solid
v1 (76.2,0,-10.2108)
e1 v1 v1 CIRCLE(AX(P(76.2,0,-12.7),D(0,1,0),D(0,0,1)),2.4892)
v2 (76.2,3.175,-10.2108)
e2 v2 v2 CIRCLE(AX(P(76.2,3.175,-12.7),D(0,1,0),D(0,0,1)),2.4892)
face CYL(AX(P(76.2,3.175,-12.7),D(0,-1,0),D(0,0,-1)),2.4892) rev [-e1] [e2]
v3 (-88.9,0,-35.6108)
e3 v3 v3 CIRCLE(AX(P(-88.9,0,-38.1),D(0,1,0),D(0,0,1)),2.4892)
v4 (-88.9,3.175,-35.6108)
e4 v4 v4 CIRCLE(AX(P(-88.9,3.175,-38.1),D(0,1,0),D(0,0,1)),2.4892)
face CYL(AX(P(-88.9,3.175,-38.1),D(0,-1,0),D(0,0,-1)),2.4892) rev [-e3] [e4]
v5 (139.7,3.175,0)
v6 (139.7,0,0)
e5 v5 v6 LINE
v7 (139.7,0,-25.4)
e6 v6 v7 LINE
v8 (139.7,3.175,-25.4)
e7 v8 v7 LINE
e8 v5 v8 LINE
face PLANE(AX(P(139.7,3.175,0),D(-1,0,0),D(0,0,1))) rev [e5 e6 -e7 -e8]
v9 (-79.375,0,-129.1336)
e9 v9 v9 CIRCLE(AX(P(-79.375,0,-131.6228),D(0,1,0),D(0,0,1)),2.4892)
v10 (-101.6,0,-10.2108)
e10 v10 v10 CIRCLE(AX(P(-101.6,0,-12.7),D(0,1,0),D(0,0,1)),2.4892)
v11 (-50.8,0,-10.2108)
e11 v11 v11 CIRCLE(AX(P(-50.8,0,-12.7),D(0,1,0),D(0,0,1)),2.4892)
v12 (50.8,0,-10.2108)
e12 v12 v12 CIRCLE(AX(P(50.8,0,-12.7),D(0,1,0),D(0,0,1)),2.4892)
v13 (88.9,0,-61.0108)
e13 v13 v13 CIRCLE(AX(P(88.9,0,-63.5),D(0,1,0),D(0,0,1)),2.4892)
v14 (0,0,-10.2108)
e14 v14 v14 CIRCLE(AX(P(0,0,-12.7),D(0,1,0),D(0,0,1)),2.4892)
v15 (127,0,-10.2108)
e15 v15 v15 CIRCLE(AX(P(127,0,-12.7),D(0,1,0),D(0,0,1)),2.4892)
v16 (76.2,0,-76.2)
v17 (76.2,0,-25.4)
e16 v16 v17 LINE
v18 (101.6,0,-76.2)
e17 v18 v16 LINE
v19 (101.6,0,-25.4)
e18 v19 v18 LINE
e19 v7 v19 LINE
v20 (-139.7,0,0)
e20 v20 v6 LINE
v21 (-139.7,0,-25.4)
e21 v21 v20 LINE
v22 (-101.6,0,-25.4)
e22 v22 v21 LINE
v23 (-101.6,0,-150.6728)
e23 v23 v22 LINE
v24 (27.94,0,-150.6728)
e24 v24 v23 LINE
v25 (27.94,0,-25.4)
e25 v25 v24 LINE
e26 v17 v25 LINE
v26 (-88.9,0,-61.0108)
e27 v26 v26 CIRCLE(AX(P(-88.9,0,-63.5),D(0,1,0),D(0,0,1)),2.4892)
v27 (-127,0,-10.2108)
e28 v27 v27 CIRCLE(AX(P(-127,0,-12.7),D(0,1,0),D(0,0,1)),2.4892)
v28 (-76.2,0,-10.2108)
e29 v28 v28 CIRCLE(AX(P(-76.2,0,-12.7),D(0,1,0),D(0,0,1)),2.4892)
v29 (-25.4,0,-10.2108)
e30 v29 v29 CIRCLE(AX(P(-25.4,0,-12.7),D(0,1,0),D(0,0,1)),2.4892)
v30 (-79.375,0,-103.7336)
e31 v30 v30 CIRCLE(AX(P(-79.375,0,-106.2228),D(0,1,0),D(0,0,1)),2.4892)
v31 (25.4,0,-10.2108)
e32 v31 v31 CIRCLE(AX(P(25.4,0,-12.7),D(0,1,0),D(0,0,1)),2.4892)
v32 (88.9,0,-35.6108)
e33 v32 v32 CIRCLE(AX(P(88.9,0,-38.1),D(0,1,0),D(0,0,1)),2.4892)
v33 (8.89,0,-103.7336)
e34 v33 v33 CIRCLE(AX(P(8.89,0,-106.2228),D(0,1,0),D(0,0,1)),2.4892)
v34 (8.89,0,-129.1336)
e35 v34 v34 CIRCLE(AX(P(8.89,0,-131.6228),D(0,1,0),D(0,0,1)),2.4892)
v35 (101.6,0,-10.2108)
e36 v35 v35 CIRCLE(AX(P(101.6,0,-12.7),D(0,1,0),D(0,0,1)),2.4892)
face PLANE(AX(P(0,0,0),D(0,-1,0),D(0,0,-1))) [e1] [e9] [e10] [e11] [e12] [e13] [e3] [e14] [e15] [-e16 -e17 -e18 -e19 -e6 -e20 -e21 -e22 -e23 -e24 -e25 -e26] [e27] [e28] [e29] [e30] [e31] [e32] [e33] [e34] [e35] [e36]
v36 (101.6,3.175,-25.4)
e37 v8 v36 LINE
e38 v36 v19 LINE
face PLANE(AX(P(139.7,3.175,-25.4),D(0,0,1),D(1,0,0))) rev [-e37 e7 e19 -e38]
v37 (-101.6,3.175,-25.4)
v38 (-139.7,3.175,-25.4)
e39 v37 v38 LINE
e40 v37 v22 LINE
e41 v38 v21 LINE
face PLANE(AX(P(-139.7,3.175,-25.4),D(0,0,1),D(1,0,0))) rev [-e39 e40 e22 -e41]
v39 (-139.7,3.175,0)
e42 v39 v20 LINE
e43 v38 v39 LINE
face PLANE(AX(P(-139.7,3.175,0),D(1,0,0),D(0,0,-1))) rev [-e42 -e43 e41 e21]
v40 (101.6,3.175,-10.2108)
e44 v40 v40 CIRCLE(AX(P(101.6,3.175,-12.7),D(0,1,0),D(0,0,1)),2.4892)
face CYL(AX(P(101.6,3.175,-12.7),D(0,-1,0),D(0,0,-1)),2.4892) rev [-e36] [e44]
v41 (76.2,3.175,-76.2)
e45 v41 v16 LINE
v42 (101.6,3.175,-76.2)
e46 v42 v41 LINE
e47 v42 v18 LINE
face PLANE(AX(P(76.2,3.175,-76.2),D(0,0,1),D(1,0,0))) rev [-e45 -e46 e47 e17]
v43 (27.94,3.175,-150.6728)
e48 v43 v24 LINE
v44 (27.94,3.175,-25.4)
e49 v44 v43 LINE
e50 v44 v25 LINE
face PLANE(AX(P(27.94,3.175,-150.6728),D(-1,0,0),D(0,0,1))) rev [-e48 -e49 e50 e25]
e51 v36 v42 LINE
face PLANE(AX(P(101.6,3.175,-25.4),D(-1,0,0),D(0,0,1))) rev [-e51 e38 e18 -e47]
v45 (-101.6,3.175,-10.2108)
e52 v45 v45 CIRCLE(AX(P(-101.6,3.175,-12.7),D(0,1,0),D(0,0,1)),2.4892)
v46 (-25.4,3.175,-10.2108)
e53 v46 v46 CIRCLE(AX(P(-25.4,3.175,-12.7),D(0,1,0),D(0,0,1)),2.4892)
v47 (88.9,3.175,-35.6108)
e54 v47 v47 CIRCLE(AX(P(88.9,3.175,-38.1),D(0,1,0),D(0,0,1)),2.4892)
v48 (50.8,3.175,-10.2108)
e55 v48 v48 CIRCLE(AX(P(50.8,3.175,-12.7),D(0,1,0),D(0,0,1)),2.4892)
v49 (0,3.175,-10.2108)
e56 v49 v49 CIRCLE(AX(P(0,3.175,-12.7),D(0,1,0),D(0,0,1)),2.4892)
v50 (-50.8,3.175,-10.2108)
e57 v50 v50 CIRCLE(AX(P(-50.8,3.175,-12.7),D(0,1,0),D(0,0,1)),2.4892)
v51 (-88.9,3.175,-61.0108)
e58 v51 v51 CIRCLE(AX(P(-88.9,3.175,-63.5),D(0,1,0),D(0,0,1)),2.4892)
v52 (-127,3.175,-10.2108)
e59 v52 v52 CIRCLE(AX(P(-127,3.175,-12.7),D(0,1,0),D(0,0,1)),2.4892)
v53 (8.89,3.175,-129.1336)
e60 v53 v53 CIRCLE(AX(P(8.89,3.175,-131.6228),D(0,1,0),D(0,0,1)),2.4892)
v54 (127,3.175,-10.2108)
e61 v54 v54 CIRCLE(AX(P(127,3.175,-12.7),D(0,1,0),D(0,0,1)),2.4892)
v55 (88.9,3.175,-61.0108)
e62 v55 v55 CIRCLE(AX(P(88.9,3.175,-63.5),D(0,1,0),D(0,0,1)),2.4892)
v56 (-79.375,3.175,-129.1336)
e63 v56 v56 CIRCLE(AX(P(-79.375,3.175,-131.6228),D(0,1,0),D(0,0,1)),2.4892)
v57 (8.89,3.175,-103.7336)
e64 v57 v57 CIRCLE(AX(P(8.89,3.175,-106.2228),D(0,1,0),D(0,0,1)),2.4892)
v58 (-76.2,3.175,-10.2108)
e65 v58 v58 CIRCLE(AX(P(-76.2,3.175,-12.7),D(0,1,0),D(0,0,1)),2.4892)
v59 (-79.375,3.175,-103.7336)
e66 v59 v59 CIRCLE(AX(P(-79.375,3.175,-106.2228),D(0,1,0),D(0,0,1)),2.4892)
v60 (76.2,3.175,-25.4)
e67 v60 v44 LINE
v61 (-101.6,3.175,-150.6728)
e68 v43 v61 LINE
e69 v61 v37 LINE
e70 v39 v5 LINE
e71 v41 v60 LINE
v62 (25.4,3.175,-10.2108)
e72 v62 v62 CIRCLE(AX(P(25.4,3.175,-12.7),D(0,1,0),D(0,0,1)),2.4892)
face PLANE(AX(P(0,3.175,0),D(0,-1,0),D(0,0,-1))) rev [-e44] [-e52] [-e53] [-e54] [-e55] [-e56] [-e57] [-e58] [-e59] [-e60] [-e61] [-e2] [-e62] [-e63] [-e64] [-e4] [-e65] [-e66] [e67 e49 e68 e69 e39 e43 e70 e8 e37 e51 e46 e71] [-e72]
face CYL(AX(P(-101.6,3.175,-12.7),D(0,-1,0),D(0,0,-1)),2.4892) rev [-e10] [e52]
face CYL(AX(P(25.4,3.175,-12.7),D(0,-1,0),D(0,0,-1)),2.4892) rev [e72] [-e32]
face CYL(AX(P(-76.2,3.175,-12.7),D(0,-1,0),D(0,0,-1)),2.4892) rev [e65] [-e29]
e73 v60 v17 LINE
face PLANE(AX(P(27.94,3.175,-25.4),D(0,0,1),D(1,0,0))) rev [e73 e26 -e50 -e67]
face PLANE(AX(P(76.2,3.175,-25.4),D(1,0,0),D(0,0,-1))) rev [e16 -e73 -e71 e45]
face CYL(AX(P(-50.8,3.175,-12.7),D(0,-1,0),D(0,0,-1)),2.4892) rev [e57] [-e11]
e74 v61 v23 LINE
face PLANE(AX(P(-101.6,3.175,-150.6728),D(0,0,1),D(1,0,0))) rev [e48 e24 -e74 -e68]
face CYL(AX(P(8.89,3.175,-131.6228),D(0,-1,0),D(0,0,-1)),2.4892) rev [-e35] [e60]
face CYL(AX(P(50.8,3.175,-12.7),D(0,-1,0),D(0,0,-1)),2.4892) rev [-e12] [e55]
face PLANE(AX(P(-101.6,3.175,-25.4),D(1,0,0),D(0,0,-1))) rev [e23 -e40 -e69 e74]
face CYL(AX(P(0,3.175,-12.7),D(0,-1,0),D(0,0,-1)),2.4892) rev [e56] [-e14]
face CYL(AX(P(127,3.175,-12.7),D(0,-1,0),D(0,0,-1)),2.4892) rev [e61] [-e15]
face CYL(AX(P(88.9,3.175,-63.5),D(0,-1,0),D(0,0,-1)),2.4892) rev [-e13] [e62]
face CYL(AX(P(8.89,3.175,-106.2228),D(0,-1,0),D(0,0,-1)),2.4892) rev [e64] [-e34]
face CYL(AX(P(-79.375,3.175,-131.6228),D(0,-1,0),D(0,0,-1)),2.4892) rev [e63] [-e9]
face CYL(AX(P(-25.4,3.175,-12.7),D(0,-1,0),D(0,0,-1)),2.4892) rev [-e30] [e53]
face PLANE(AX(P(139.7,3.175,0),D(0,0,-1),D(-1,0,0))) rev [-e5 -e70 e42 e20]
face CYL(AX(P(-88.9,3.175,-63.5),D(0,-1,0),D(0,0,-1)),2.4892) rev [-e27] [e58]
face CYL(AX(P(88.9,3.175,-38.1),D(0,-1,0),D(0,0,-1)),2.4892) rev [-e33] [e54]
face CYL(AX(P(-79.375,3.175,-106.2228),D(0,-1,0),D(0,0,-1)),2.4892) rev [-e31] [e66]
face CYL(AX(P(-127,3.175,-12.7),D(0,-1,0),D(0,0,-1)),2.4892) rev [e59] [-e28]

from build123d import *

# Parameters (mm, degrees)
SKETCH1_R           = 2.4892
BOSS_EXTRUDE1_DEPTH = 3.175


with BuildPart() as part:
    # Sketch1 → Boss-Extrude1 (new body)
    with BuildSketch(Plane(origin=(0, 0, 0), x_dir=(1, 0, 0), z_dir=(0, 1, 0))):
        Polygon((139.7, 0), (-139.7, 0), (-139.7, 25.4), (-101.6, 25.4), (-101.6, 150.6728), (27.94, 150.6728), (27.94, 25.4), (76.2, 25.4), (76.2, 76.2), (101.6, 76.2), (101.6, 25.4), (139.7, 25.4), align=None)
        with Locations((-127, 12.7)):
            Circle(SKETCH1_R, mode=Mode.SUBTRACT)
        with Locations((-88.9, 38.1)):
            Circle(SKETCH1_R, mode=Mode.SUBTRACT)
        with Locations((-88.9, 63.5)):
            Circle(SKETCH1_R, mode=Mode.SUBTRACT)
        with Locations((-79.375, 131.6228)):
            Circle(SKETCH1_R, mode=Mode.SUBTRACT)
        with Locations((-79.375, 106.2228)):
            Circle(SKETCH1_R, mode=Mode.SUBTRACT)
        with Locations((8.89, 106.2228)):
            Circle(SKETCH1_R, mode=Mode.SUBTRACT)
        with Locations((8.89, 131.6228)):
            Circle(SKETCH1_R, mode=Mode.SUBTRACT)
        with Locations((88.9, 63.5)):
            Circle(SKETCH1_R, mode=Mode.SUBTRACT)
        with Locations((88.9, 38.1)):
            Circle(SKETCH1_R, mode=Mode.SUBTRACT)
        with Locations((-101.6, 12.7)):
            Circle(SKETCH1_R, mode=Mode.SUBTRACT)
        with Locations((-76.2, 12.7)):
            Circle(SKETCH1_R, mode=Mode.SUBTRACT)
        with Locations((-50.8, 12.7)):
            Circle(SKETCH1_R, mode=Mode.SUBTRACT)
        with Locations((-25.4, 12.7)):
            Circle(SKETCH1_R, mode=Mode.SUBTRACT)
        with Locations((0, 12.7)):
            Circle(SKETCH1_R, mode=Mode.SUBTRACT)
        with Locations((25.4, 12.7)):
            Circle(SKETCH1_R, mode=Mode.SUBTRACT)
        with Locations((50.8, 12.7)):
            Circle(SKETCH1_R, mode=Mode.SUBTRACT)
        with Locations((76.2, 12.7)):
            Circle(SKETCH1_R, mode=Mode.SUBTRACT)
        with Locations((101.6, 12.7)):
            Circle(SKETCH1_R, mode=Mode.SUBTRACT)
        with Locations((127, 12.7)):
            Circle(SKETCH1_R, mode=Mode.SUBTRACT)
    extrude(amount=BOSS_EXTRUDE1_DEPTH)


solid = part.part
